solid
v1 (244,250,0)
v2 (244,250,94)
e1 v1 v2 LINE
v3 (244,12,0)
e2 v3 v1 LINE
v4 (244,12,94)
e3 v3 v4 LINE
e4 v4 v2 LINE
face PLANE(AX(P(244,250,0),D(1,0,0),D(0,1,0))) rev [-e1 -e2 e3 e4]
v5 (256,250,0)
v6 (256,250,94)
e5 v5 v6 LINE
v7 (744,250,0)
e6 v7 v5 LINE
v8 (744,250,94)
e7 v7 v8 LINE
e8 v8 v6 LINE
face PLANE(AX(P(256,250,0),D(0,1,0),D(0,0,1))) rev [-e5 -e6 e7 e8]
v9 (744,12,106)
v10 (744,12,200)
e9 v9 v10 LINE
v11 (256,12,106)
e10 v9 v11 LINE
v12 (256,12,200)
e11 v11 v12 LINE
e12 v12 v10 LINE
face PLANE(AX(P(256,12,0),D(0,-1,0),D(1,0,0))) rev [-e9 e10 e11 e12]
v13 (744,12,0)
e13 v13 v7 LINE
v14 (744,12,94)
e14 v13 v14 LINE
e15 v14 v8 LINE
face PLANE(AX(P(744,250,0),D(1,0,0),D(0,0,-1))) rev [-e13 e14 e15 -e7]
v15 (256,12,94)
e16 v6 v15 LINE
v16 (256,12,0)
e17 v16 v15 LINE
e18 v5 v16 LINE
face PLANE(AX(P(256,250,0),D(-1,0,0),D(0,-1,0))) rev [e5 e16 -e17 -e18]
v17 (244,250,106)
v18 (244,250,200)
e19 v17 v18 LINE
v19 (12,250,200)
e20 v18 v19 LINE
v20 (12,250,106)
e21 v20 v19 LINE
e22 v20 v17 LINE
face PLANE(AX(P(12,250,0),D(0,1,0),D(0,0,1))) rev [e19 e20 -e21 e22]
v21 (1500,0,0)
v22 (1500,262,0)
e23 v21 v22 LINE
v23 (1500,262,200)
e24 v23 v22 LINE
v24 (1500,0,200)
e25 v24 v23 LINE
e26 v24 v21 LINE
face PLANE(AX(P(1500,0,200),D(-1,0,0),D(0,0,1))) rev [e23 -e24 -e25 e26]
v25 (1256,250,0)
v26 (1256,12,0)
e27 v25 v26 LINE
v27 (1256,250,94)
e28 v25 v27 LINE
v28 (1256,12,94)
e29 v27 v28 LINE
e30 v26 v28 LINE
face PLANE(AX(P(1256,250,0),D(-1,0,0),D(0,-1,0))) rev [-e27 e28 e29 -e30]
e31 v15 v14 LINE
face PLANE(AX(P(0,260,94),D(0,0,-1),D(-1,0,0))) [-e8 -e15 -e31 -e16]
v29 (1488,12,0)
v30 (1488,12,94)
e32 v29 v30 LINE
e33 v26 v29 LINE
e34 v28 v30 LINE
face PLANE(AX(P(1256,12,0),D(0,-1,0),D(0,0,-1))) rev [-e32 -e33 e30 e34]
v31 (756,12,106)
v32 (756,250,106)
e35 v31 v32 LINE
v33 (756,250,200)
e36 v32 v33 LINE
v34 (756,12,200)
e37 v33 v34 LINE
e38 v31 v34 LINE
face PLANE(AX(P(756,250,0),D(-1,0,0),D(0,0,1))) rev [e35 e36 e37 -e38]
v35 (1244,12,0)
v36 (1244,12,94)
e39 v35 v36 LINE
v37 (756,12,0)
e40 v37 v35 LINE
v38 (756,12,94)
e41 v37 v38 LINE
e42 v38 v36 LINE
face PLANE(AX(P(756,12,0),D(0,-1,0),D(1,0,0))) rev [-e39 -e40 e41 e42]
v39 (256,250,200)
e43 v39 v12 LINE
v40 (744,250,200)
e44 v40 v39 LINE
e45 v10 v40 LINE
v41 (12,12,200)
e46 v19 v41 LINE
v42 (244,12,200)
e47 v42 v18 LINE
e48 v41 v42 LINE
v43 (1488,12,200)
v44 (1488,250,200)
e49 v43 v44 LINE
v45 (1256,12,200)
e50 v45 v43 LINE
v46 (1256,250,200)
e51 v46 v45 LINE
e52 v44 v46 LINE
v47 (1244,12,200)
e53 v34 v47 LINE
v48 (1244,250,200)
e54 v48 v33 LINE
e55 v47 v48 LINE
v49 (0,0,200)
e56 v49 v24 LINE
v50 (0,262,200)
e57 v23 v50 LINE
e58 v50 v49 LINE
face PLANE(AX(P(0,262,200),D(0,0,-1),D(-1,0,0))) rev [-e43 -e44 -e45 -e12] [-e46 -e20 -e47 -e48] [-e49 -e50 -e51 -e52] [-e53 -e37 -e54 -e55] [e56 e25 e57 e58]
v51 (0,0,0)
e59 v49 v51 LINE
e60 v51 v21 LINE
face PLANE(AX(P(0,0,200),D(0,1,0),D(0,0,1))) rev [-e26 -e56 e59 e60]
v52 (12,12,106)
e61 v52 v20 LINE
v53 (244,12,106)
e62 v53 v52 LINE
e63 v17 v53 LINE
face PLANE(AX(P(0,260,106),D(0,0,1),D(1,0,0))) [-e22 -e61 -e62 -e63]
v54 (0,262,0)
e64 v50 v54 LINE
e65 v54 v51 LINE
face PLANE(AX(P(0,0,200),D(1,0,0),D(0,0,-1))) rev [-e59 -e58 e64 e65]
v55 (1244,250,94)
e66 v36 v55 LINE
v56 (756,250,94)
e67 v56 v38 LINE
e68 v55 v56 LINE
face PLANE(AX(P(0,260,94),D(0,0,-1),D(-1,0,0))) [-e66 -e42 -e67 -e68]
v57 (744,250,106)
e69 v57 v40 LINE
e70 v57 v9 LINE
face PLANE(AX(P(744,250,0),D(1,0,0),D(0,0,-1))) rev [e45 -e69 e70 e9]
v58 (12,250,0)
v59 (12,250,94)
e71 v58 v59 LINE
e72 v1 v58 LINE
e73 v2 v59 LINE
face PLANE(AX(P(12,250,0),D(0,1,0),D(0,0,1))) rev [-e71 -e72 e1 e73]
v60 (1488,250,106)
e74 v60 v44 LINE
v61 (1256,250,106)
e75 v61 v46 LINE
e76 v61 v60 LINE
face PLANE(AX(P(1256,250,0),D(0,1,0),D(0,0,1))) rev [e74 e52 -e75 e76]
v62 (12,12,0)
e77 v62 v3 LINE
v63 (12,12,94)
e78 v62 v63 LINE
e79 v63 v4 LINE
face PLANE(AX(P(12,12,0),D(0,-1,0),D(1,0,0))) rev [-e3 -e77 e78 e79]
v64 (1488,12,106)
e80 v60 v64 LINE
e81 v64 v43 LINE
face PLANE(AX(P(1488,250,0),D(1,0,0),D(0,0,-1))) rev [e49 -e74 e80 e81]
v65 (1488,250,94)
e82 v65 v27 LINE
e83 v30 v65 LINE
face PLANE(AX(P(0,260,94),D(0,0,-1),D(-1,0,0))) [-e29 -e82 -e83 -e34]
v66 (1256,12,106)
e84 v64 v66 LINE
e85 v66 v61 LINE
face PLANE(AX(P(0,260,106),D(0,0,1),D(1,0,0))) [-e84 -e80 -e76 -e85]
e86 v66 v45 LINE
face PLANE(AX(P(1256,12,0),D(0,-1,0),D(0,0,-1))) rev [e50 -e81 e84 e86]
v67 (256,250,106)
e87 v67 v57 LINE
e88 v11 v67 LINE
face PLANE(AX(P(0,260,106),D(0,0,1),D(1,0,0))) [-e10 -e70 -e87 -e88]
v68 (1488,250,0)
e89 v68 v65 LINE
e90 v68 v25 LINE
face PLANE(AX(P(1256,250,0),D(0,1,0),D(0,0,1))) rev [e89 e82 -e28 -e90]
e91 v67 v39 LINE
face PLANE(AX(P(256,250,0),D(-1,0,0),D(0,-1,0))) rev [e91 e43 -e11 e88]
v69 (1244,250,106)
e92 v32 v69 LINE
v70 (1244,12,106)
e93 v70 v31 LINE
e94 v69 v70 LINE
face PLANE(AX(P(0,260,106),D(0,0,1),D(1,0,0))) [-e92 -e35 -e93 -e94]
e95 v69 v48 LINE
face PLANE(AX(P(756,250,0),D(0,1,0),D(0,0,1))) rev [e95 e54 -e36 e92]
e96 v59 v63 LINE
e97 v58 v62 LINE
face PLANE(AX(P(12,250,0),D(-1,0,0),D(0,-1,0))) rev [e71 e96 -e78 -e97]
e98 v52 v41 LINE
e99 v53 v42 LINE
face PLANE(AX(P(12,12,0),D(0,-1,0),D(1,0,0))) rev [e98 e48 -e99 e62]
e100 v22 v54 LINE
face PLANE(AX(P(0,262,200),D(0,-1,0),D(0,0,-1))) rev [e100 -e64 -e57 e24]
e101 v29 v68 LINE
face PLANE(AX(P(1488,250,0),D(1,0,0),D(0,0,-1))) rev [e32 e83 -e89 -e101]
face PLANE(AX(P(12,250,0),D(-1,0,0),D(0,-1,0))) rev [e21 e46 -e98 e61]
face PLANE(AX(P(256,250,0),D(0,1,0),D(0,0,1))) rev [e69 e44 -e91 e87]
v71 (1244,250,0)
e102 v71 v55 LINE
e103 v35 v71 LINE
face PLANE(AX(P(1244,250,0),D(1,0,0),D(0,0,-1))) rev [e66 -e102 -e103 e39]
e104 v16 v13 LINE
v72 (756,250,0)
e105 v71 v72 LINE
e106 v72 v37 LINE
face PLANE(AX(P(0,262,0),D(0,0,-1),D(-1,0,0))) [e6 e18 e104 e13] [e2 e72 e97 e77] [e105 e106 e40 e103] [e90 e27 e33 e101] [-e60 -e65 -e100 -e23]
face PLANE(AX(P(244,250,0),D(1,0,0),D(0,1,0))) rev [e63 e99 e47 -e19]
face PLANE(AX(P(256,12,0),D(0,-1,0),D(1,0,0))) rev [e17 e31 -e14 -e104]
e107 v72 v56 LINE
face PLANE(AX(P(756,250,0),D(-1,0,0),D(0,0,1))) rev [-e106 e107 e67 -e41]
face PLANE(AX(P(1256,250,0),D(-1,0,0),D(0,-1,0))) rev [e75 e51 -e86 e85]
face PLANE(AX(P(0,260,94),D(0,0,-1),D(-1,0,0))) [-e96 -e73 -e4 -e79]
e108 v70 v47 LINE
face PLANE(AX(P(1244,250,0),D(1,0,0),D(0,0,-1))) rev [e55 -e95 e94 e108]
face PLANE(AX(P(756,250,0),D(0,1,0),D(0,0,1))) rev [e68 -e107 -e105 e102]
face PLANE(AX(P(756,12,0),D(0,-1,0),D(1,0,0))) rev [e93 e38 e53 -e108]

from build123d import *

# Parameters (mm, degrees)
SKETCH_1_W           = 1500
SKETCH_1_H           = 262
EXTRUDE_1_DEPTH      = 200
SKETCH_5_W           = 232
SKETCH_5_H           = 238
SKETCH_5_W_2         = 488
CUT_EXTRUDE_10_DEPTH = 1536.787745751
SKETCH_7_W           = 1500
SKETCH_7_H           = 12
EXTRUDE_13_DEPTH     = 260


with BuildPart() as part:
    # 草图1 → 拉伸1 (new body)
    with BuildSketch(Plane.XY):
        with Locations((750, 131)):
            Rectangle(SKETCH_1_W, SKETCH_1_H)
    extrude(amount=EXTRUDE_1_DEPTH)

    # 草图5 → 拉伸10 (cut, through all)
    with BuildSketch(Plane.XY.offset(200)):
        with Locations((128, 131)):
            Rectangle(SKETCH_5_W, SKETCH_5_H)
        with Locations((500, 131)):
            Rectangle(SKETCH_5_W_2, SKETCH_5_H)
        with Locations((1000, 131)):
            Rectangle(SKETCH_5_W_2, SKETCH_5_H)
        with Locations((1372, 131)):
            Rectangle(SKETCH_5_W, SKETCH_5_H)
    extrude(amount=-CUT_EXTRUDE_10_DEPTH, mode=Mode.SUBTRACT)

    # 草图7 → 拉伸13 (add)
    with BuildSketch(Plane.XZ):
        with Locations((750, 100)):
            Rectangle(SKETCH_7_W, SKETCH_7_H)
    extrude(amount=-EXTRUDE_13_DEPTH)


solid = part.part
